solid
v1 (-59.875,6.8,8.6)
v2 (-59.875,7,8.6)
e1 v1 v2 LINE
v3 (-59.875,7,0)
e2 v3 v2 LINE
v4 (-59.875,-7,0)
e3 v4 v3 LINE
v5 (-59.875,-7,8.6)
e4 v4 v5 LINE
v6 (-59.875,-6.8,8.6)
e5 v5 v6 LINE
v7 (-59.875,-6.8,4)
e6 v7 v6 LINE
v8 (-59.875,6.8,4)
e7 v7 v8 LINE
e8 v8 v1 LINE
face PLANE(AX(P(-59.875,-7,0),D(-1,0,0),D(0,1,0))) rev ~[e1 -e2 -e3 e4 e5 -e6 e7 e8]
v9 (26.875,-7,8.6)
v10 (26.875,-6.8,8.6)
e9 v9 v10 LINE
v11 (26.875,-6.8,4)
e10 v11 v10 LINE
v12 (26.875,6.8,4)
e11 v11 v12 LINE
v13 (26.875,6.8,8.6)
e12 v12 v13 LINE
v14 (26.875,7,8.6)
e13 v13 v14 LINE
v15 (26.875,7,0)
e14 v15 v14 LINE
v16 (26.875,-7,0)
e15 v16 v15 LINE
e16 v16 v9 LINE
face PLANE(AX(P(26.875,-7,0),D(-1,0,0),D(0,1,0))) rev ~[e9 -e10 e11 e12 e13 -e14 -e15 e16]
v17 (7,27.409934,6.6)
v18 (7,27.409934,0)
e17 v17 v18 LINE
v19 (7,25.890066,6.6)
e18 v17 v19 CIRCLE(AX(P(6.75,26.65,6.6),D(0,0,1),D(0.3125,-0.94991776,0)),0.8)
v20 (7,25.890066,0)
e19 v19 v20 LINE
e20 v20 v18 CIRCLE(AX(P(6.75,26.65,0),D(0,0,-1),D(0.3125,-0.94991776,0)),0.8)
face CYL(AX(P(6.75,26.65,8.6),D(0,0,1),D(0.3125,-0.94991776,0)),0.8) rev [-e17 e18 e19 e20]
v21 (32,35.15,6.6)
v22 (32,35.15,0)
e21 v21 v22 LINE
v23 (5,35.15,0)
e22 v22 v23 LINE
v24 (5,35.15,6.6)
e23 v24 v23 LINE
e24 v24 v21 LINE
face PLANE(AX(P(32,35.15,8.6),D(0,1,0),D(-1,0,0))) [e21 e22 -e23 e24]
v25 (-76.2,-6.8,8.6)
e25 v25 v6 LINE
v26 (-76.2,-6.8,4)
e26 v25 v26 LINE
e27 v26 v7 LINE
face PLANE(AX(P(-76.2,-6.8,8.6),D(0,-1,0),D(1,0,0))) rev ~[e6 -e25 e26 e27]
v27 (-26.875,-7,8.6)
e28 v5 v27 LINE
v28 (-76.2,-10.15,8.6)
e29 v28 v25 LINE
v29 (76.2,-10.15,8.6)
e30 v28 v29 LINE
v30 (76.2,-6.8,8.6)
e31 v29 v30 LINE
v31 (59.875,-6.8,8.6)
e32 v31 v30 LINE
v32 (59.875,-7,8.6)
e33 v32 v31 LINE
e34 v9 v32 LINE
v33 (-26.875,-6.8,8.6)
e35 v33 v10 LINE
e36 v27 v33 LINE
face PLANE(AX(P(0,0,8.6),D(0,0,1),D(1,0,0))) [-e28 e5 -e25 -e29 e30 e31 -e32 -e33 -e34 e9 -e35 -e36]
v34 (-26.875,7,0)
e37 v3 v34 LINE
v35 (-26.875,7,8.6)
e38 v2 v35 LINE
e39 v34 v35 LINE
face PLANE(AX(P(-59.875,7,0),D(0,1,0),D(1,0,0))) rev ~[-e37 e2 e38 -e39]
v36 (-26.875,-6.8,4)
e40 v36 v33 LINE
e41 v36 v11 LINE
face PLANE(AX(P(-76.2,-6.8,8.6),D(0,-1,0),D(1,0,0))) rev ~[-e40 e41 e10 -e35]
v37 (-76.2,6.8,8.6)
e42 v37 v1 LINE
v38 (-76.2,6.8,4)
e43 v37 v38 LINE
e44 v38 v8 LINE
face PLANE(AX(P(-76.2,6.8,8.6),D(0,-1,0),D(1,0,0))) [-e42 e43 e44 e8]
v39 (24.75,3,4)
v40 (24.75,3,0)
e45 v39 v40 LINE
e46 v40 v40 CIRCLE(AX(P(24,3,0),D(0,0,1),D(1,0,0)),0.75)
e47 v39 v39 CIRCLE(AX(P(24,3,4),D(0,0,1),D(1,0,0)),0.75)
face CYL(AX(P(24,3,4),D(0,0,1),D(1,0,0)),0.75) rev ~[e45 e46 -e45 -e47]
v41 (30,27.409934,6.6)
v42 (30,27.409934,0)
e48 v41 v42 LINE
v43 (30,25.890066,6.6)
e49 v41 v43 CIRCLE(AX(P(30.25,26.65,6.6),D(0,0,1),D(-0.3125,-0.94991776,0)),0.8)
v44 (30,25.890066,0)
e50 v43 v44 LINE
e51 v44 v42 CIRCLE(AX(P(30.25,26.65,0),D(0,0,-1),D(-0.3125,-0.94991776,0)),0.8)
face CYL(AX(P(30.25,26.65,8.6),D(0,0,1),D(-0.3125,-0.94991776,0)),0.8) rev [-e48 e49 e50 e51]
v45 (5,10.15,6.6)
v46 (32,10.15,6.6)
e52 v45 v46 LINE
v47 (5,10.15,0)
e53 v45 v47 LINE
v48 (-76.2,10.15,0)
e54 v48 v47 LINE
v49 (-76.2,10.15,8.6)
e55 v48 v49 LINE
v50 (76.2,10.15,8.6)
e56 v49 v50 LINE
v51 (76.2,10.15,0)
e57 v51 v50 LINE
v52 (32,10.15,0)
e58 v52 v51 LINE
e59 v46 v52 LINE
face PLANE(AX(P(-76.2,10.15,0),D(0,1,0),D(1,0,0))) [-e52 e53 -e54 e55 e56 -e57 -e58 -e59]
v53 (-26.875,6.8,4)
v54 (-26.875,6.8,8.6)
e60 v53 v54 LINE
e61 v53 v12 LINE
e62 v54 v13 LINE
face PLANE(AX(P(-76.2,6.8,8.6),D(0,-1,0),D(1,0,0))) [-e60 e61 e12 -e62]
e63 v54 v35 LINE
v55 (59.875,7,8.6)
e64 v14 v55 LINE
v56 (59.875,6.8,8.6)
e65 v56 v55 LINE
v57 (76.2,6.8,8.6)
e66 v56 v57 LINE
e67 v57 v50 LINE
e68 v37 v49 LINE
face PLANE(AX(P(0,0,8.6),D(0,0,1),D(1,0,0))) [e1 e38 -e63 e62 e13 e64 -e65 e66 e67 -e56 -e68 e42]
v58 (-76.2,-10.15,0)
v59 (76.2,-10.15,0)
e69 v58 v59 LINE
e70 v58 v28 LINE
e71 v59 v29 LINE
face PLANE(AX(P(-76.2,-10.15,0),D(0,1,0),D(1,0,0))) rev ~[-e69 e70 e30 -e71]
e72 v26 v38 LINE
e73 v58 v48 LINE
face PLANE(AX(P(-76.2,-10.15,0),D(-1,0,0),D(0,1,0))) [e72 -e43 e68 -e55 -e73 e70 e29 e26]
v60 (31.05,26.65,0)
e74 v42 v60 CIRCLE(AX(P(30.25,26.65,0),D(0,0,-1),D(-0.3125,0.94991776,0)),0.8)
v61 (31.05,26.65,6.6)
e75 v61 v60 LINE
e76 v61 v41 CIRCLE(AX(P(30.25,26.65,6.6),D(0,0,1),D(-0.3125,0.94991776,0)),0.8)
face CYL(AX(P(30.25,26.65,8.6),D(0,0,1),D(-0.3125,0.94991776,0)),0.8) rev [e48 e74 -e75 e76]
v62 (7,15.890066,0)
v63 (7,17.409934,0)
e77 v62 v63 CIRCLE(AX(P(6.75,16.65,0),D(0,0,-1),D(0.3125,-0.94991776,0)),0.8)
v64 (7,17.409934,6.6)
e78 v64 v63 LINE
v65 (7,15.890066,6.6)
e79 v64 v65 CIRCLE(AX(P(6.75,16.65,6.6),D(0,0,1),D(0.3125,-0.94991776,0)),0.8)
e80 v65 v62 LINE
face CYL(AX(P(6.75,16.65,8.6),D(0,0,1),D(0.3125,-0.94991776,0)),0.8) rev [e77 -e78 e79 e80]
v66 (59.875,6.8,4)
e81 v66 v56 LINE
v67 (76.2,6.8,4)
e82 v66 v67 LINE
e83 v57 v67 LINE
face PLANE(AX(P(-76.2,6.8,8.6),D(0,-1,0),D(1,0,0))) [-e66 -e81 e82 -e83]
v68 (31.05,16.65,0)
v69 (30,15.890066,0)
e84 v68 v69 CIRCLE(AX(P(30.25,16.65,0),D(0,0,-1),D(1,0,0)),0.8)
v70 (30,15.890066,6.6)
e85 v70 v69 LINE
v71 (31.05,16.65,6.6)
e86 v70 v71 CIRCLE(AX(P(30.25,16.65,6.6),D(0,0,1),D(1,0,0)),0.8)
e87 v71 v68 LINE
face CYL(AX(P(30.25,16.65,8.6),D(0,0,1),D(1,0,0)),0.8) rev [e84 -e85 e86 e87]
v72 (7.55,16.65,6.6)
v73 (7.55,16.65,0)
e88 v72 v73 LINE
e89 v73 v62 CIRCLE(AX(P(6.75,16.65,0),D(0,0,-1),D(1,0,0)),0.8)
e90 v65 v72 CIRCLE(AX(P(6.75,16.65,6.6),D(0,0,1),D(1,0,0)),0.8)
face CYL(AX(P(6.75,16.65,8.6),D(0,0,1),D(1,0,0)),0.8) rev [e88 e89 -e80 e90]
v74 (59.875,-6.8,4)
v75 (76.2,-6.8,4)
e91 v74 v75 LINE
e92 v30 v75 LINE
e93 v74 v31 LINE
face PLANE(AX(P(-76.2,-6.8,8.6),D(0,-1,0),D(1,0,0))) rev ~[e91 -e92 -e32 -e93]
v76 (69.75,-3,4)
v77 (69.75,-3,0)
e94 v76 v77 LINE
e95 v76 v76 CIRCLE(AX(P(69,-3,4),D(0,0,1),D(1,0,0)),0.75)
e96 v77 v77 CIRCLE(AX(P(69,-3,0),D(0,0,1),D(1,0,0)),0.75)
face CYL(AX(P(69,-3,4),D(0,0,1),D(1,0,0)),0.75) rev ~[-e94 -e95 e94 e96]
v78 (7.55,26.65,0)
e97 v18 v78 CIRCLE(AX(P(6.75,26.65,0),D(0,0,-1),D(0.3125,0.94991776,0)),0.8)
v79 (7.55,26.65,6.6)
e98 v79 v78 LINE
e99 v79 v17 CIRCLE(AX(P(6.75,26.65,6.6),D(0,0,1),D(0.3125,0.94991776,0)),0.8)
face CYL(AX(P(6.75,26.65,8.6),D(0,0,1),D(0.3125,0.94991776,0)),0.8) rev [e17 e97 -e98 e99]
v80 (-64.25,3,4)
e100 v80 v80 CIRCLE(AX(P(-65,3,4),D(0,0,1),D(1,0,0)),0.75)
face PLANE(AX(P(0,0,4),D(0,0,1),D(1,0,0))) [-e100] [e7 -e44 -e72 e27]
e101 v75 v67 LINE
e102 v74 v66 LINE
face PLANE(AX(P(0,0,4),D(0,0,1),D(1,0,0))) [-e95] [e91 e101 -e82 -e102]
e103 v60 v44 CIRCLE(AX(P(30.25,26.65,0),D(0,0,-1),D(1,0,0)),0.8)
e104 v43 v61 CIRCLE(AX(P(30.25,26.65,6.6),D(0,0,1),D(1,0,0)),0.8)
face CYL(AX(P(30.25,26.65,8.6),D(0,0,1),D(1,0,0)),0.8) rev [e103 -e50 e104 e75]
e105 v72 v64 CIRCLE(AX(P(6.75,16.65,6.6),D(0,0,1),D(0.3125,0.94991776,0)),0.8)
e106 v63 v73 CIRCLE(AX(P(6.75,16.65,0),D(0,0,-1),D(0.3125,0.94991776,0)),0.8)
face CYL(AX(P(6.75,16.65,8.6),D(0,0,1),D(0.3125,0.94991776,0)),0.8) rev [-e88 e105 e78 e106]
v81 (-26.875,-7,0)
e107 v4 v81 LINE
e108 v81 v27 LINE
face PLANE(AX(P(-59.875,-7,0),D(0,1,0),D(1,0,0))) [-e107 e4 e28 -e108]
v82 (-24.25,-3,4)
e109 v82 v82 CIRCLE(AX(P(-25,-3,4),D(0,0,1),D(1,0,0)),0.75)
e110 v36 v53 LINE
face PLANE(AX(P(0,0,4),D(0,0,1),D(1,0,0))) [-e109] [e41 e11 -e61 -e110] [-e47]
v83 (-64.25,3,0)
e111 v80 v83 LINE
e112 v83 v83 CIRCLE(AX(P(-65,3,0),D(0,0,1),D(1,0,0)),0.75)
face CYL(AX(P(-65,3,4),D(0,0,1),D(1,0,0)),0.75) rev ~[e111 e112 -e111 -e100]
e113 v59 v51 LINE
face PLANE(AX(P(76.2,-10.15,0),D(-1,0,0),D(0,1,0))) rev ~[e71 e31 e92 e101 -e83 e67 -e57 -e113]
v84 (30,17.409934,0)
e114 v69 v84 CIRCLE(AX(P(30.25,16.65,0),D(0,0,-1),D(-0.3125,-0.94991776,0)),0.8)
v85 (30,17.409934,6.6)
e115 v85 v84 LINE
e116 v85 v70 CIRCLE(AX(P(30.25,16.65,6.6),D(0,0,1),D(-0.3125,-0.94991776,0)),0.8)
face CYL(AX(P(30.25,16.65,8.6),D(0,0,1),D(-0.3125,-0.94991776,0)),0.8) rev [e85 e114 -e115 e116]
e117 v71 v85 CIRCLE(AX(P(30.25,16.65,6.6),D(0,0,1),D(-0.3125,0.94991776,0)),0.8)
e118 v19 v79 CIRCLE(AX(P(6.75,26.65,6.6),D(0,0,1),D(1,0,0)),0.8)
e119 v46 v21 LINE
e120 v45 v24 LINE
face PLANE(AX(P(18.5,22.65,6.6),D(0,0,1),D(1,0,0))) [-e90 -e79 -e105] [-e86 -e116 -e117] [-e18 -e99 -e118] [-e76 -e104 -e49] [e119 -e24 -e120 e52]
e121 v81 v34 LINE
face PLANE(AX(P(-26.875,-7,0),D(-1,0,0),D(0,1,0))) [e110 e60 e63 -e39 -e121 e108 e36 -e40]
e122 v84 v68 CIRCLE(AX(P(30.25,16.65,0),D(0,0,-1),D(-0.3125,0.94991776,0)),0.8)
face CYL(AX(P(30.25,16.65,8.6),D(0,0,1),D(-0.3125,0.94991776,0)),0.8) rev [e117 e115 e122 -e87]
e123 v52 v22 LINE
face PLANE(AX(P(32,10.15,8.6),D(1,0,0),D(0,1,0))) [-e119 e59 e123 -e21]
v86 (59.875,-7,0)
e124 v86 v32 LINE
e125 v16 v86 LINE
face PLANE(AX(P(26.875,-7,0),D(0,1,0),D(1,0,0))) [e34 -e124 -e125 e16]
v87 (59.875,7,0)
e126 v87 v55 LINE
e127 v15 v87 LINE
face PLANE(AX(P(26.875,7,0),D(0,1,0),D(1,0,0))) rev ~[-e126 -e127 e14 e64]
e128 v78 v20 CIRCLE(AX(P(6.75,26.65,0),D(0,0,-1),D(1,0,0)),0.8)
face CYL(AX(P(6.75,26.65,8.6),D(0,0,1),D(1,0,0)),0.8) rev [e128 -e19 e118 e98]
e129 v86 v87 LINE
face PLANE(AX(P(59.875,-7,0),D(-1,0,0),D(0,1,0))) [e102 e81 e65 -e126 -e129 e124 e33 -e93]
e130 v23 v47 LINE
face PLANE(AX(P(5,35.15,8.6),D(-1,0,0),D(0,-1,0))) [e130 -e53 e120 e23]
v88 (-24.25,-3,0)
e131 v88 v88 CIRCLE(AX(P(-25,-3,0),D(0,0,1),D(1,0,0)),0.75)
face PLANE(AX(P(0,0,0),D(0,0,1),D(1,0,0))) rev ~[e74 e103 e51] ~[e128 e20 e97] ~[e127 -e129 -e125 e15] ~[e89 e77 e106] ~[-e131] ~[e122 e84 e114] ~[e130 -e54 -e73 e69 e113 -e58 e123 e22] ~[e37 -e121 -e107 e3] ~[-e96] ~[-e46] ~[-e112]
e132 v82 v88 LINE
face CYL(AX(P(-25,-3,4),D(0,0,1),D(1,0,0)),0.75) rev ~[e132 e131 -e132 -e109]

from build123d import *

# Parameters (mm, degrees)
F0_W     = 152.4
F0_H     = 20.3
F0_W_2   = 33
F0_H_2   = 14
F1_DEPTH = 8.6
F2_W     = 152.4
F2_H     = 13.6
F3_DEPTH = 4.6
F6_DEPTH = 8.6
F7_W     = 27
F7_H     = 25
F8_DEPTH = 2
F4_R     = 0.75
F9_DEPTH = 4.001


with BuildPart() as f1:
    # F0 (on Top) → F1 (new body)
    with BuildSketch(Plane.XY):
        Rectangle(F0_W, F0_H)
        with Locations((-43.375, 0)):
            Rectangle(F0_W_2, F0_H_2, mode=Mode.SUBTRACT)
        with Locations((43.375, 0)):
            Rectangle(F0_W_2, F0_H_2, mode=Mode.SUBTRACT)
    extrude(amount=F1_DEPTH)

    # F2 (on face) → F3 (cut)
    with BuildSketch(Plane.XY.offset(8.6)):
        Rectangle(F2_W, F2_H)
    extrude(amount=-F3_DEPTH, mode=Mode.SUBTRACT)

    # F5 (on face) → F6 (join, through all)
    with BuildSketch(Plane.XY.offset(8.6)):
        with BuildLine():
            Line((7, 15.8900657923), (7, 10.15))
            Line((7, 10.15), (30, 10.15))
            Line((30, 10.15), (30, 15.8900657923))
            ThreePointArc((30, 15.8900657923), (29.45, 16.65), (30, 17.4099342077))
            Line((30, 17.4099342077), (30, 25.8900657923))
            ThreePointArc((30, 25.8900657923), (29.45, 26.65), (30, 27.4099342077))
            Line((30, 27.4099342077), (30, 33.15))
            Line((30, 33.15), (7, 33.15))
            Line((7, 33.15), (7, 27.4099342077))
            ThreePointArc((7, 27.4099342077), (7.3980740698, 27.119041576), (7.55, 26.65))
            ThreePointArc((7.55, 26.65), (7.3980740698, 26.180958424), (7, 25.8900657923))
            Line((7, 25.8900657923), (7, 17.4099342077))
            ThreePointArc((7, 17.4099342077), (7.3980740698, 17.119041576), (7.55, 16.65))
            ThreePointArc((7.55, 16.65), (7.3980740698, 16.180958424), (7, 15.8900657923))
        make_face()
        with BuildLine():
            Line((5, 10.15), (7, 10.15))
            Line((7, 10.15), (7, 15.8900657923))
            ThreePointArc((7, 15.8900657923), (5.95, 16.65), (7, 17.4099342077))
            Line((7, 17.4099342077), (7, 25.8900657923))
            ThreePointArc((7, 25.8900657923), (5.95, 26.65), (7, 27.4099342077))
            Line((7, 27.4099342077), (7, 33.15))
            Line((7, 33.15), (30, 33.15))
            Line((30, 33.15), (30, 27.4099342077))
            ThreePointArc((30, 27.4099342077), (30.719041576, 27.2980740698), (31.05, 26.65))
            ThreePointArc((31.05, 26.65), (30.719041576, 26.0019259302), (30, 25.8900657923))
            Line((30, 25.8900657923), (30, 17.4099342077))
            ThreePointArc((30, 17.4099342077), (30.719041576, 17.2980740698), (31.05, 16.65))
            ThreePointArc((31.05, 16.65), (30.719041576, 16.0019259302), (30, 15.8900657923))
            Line((30, 15.8900657923), (30, 10.15))
            Line((30, 10.15), (32, 10.15))
            Line((32, 10.15), (32, 35.15))
            Line((32, 35.15), (5, 35.15))
            Line((5, 35.15), (5, 10.15))
        make_face()
    extrude(amount=-F6_DEPTH)

    # F7 (on face) → F8 (cut)
    with BuildSketch(Plane.XY.offset(8.6)):
        with Locations((18.5, 22.65)):
            Rectangle(F7_W, F7_H)
    extrude(amount=-F8_DEPTH, mode=Mode.SUBTRACT)

    # F4 (on face) → F9 (cut, through all)
    with BuildSketch(Plane.XY.offset(4)):
        with Locations((24, 3)):
            Circle(F4_R)
        with Locations((-25, -3)):
            Circle(F4_R)
        with Locations((-65, 3)):
            Circle(F4_R)
        with Locations((69, -3)):
            Circle(F4_R)
    extrude(amount=-F9_DEPTH, mode=Mode.SUBTRACT)


solid = f1.part
